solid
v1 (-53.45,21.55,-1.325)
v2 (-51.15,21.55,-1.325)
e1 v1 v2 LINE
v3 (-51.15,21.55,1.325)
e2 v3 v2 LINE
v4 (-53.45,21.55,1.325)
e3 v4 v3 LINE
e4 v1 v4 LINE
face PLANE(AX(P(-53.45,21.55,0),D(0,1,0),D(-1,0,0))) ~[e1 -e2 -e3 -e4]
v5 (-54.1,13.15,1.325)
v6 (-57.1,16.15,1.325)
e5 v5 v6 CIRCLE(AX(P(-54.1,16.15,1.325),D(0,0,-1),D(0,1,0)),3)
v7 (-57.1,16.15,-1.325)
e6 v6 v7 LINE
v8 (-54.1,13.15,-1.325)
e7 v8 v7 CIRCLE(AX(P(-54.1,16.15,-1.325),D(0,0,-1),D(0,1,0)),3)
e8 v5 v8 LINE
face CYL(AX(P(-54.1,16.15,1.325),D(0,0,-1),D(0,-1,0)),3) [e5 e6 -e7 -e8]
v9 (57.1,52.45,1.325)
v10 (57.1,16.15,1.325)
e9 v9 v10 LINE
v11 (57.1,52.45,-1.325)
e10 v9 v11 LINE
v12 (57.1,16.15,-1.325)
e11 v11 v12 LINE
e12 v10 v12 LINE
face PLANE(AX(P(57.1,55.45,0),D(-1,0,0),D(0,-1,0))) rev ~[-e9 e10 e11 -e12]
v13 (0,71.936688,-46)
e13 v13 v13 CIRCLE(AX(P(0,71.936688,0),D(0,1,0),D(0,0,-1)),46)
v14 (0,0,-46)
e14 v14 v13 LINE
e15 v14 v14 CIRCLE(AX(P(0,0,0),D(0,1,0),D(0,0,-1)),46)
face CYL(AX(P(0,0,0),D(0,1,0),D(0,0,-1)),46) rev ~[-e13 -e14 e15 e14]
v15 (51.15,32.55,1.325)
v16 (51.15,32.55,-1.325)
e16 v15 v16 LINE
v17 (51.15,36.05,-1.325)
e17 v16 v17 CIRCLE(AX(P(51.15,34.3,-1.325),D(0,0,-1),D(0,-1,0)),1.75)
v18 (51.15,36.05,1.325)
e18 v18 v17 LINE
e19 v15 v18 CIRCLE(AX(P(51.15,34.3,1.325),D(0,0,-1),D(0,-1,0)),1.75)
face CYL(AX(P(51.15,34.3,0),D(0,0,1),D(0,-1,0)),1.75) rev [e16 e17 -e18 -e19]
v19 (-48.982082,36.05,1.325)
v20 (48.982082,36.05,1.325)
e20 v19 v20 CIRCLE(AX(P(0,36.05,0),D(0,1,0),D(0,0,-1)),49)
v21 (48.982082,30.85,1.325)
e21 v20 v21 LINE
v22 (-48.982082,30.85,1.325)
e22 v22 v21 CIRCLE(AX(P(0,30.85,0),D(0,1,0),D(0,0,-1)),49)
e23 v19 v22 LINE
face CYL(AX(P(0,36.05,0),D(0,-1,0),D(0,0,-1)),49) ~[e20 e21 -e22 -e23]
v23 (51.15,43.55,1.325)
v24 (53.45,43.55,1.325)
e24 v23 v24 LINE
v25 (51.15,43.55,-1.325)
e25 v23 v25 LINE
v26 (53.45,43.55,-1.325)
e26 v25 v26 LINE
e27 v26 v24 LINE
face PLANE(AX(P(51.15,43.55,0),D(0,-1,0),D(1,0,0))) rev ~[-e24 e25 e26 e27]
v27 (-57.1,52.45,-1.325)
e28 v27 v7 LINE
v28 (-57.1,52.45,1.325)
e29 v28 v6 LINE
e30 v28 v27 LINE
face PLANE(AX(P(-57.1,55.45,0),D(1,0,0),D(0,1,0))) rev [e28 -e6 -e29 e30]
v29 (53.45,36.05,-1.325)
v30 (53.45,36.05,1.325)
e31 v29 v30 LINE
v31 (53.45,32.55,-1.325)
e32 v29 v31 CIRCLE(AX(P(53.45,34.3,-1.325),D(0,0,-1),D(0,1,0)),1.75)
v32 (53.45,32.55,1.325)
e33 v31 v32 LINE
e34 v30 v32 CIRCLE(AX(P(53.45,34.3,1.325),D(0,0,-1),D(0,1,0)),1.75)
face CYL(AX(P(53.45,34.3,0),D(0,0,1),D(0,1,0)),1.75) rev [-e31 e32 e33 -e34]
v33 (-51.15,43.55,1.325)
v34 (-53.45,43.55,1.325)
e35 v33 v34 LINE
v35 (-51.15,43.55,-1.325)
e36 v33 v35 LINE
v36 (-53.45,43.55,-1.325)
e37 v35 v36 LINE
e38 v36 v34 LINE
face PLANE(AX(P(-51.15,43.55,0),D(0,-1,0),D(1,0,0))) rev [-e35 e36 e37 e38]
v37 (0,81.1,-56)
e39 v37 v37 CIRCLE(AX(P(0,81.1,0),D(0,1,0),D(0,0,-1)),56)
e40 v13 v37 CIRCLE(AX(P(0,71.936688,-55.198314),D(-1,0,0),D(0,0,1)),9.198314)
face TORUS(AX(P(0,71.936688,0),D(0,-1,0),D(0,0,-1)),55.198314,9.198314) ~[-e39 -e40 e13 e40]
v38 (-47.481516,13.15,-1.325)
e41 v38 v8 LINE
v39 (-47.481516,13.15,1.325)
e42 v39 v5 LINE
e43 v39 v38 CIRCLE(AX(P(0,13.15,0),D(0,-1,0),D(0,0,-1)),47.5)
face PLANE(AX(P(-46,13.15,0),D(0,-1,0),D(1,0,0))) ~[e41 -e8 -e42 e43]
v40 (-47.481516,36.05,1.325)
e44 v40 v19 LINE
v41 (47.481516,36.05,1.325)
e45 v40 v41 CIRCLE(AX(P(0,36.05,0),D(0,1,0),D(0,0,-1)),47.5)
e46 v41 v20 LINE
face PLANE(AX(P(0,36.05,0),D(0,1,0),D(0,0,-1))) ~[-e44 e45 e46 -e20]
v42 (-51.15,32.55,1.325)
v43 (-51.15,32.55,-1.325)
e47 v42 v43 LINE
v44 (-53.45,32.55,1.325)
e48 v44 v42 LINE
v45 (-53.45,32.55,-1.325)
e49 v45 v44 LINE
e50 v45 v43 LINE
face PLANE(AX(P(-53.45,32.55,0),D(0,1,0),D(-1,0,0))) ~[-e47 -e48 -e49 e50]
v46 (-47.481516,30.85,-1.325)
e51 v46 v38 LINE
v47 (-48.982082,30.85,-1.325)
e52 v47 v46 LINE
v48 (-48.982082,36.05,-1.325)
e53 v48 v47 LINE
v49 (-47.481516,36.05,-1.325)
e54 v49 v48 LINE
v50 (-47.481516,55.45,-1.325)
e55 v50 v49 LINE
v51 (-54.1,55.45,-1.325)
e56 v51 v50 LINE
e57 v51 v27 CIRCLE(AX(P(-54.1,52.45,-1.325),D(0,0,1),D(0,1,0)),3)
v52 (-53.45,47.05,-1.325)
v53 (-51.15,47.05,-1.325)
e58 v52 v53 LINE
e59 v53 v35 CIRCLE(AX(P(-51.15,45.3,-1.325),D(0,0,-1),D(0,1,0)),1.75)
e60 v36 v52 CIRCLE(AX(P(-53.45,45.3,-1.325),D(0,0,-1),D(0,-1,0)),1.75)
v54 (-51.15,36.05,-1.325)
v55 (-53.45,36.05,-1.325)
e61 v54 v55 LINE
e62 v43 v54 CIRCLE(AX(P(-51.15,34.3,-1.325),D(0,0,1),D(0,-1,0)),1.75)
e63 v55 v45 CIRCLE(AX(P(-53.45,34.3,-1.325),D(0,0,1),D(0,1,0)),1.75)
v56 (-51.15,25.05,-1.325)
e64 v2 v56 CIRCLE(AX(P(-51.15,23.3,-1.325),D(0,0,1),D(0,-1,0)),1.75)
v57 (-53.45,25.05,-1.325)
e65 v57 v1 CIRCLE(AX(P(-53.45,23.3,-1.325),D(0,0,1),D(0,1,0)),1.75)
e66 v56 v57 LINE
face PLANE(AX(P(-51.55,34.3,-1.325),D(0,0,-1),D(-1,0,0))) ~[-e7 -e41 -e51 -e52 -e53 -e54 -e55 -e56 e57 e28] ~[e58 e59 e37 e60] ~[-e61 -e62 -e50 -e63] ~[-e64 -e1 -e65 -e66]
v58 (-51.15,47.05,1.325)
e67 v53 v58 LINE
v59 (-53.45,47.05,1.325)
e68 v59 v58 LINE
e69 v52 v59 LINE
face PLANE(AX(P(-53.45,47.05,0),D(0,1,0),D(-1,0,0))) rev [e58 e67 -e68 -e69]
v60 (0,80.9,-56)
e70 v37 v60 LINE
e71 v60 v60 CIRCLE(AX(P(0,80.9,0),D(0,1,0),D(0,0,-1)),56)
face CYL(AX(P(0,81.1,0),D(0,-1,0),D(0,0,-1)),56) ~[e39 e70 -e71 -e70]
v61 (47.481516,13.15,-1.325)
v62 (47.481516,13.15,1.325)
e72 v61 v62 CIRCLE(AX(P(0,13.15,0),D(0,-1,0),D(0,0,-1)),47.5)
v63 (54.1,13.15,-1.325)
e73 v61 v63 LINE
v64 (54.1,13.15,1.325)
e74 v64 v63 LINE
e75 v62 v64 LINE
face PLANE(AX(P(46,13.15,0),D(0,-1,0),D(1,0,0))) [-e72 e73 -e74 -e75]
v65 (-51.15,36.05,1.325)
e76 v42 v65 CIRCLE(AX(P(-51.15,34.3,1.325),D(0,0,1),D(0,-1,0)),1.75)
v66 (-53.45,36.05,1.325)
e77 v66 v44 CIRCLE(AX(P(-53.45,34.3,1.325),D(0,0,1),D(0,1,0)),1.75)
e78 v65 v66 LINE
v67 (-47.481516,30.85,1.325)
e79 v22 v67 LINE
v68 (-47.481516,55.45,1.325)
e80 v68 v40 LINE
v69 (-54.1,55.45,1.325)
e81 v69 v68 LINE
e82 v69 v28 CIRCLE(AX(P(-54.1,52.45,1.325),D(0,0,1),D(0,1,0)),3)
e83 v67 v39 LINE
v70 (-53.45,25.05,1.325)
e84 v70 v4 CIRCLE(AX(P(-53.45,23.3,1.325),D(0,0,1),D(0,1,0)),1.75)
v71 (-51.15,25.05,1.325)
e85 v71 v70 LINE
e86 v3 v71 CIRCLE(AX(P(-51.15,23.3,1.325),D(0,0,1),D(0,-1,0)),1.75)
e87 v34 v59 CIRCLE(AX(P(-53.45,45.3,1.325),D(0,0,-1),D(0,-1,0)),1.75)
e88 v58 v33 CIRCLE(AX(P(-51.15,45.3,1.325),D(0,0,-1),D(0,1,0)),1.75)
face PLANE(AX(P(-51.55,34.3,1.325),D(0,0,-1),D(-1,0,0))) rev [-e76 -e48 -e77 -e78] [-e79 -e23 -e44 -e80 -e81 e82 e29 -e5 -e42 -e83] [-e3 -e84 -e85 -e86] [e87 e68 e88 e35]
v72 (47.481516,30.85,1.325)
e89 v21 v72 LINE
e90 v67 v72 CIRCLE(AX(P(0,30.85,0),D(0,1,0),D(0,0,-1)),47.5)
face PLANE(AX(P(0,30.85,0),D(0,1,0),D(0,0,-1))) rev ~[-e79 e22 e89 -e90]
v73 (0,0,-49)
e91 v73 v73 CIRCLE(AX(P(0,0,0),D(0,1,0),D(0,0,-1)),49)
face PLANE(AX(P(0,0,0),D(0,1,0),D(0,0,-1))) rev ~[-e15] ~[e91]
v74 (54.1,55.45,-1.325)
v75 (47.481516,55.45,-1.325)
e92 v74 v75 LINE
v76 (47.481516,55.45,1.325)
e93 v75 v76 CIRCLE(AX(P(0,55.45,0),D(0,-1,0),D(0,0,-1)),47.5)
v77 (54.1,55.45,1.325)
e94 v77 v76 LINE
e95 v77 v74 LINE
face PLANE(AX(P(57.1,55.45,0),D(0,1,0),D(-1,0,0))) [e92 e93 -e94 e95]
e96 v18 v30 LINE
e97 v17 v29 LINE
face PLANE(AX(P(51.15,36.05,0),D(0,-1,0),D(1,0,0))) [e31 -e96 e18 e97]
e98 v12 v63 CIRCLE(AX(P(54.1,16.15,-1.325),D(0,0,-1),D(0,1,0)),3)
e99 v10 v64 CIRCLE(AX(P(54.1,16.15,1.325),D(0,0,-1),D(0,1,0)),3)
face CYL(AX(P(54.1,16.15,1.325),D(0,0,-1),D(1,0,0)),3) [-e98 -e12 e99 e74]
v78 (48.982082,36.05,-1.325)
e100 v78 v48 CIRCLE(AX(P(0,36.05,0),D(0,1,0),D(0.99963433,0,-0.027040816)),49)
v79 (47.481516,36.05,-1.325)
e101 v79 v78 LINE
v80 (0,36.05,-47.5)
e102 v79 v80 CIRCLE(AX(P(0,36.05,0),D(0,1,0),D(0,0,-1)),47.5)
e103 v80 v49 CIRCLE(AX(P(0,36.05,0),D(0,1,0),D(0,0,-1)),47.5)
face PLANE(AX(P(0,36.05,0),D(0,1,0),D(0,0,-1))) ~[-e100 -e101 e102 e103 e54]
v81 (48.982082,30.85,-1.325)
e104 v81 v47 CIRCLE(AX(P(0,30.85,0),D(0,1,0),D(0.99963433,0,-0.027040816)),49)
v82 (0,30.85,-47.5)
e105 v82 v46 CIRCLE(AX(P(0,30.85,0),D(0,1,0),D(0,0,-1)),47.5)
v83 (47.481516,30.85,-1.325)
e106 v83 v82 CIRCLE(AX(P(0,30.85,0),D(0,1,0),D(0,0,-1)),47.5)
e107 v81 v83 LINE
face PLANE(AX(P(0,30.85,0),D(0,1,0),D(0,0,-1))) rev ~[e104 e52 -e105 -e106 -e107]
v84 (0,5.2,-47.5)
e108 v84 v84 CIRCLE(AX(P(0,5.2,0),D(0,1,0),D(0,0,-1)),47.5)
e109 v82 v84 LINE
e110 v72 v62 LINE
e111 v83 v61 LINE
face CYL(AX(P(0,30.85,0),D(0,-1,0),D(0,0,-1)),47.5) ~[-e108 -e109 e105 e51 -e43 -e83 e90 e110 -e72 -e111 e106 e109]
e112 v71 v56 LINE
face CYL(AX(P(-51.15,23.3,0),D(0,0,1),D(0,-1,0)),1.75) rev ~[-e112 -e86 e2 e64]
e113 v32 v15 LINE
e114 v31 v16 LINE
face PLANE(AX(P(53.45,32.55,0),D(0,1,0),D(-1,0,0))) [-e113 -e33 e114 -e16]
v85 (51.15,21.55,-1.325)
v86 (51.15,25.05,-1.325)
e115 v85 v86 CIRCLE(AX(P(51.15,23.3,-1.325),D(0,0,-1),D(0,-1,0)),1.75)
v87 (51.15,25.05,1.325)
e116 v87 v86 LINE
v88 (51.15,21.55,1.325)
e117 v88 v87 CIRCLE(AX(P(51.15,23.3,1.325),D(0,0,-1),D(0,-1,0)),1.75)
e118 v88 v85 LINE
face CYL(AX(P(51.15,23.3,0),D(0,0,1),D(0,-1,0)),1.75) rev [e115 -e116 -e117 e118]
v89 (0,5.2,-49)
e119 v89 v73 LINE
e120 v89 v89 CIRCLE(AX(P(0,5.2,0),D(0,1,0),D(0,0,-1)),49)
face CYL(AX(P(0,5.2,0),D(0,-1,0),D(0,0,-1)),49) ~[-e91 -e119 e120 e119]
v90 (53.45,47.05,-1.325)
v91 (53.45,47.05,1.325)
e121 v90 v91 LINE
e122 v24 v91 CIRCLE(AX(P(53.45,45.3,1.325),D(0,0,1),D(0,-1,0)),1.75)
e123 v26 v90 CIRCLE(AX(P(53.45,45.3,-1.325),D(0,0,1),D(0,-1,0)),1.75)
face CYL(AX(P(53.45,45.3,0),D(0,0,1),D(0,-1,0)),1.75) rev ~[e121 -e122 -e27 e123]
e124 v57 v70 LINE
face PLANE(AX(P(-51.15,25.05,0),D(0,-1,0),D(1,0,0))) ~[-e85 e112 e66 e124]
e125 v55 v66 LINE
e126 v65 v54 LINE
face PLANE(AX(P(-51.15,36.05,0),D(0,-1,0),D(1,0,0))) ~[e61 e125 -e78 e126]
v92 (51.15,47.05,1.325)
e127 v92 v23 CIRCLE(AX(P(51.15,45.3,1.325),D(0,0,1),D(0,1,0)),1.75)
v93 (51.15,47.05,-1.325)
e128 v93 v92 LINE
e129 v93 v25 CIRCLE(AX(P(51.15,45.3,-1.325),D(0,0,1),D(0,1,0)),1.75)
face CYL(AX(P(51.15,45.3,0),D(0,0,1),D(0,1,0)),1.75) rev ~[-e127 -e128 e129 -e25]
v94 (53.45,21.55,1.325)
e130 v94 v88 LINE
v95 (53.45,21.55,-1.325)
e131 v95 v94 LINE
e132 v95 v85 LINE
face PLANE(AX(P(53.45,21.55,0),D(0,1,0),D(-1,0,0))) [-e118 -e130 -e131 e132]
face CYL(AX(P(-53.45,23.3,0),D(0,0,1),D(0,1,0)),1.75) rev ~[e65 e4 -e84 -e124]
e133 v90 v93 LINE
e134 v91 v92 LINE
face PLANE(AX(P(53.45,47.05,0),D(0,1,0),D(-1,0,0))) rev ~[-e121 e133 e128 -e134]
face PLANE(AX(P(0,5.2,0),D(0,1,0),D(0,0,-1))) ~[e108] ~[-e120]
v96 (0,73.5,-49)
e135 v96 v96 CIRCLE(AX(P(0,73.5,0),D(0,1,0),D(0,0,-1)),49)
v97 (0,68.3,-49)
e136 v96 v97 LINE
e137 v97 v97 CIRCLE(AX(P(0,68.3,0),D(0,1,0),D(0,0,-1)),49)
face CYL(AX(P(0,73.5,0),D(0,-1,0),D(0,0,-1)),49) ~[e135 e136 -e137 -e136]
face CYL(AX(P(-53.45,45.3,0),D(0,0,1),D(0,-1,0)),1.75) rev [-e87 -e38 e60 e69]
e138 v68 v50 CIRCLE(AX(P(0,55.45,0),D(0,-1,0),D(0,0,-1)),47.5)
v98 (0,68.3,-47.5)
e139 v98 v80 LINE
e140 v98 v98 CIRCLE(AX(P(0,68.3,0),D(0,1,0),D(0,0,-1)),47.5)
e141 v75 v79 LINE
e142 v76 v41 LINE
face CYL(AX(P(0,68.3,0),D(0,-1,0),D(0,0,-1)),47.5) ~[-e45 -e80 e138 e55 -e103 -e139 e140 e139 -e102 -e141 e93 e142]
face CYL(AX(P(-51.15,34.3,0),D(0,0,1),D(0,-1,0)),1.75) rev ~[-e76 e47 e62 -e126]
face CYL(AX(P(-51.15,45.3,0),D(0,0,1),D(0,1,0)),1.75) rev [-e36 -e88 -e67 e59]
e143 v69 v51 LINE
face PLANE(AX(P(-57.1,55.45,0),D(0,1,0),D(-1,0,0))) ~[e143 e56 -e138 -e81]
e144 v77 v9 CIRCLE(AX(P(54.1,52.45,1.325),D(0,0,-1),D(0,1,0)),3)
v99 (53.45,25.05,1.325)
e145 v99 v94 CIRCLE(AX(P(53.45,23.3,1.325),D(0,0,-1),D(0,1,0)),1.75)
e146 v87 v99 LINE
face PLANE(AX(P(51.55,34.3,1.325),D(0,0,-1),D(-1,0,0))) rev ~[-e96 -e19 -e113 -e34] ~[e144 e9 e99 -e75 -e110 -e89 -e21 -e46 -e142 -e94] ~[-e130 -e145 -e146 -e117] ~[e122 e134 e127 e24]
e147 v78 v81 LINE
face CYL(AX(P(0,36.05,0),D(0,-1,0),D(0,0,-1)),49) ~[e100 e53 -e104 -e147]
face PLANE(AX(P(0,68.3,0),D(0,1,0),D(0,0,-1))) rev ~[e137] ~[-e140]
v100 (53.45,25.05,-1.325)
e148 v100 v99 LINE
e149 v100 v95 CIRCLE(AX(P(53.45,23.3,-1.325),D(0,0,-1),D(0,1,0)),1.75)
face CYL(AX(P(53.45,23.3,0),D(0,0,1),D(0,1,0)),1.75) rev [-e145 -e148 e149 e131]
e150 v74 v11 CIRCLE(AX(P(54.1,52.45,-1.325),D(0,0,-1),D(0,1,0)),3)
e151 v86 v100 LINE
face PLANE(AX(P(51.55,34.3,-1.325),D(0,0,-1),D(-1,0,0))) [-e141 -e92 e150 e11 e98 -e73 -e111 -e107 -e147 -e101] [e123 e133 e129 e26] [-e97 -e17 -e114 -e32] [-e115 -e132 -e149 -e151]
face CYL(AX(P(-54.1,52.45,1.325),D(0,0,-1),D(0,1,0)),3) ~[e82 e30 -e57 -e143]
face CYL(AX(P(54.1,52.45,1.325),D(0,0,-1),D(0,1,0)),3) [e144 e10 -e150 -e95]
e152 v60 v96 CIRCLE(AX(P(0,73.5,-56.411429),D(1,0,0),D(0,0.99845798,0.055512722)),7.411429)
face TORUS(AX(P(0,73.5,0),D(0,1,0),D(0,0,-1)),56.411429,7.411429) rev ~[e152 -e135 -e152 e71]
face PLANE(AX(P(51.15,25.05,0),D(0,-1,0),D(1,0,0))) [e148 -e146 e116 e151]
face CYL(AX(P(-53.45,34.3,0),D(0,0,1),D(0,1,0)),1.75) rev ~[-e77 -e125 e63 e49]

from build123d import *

# Parameters (mm, degrees)
SKETCH3_W            = 11.1
SKETCH3_H            = 42.3
BOSS_EXTRUDE1_DEPTH  = 1.325
FILLET1_R            = 3
FILLET1_OF_MIRROR1_R = 3


with BuildPart() as part:
    # Sketch2 → Revolve1 (revolve)
    with BuildSketch(Plane.XY):
        with BuildLine():
            Line((46, 0), (46, 71.93668826))
            ThreePointArc((46, 71.93668826), (48.984023168, 78.718396784), (56, 81.1))
            Line((56, 81.1), (56, 80.9))
            ThreePointArc((56, 80.9), (51.02725979, 78.593132631), (49, 73.5))
            Line((49, 73.5), (49, 68.3))
            Line((49, 68.3), (47.5, 68.3))
            Line((47.5, 68.3), (47.5, 36.05))
            Line((47.5, 36.05), (49, 36.05))
            Line((49, 36.05), (49, 30.85))
            Line((49, 30.85), (47.5, 30.85))
            Line((47.5, 30.85), (47.5, 5.2))
            Line((47.5, 5.2), (49, 5.2))
            Line((49, 5.2), (49, 0))
            Line((49, 0), (46, 0))
        make_face()
    revolve(axis=Axis((0, 0, 0), (0, 1, 0)))

    # Sketch3 → Boss-Extrude1 (add, symmetric)
    with BuildSketch(Plane.XY):
        with Locations((51.55, 34.3)):
            Rectangle(SKETCH3_W, SKETCH3_H)
        with BuildLine():
            ThreePointArc((51.15, 21.55), (49.4, 23.3), (51.15, 25.05))
            Line((51.15, 25.05), (53.45, 25.05))
            ThreePointArc((53.45, 25.05), (55.2, 23.3), (53.45, 21.55))
            Line((53.45, 21.55), (51.15, 21.55))
        make_face(mode=Mode.SUBTRACT)
        with BuildLine():
            ThreePointArc((51.15, 32.55), (49.4, 34.3), (51.15, 36.05))
            Line((51.15, 36.05), (53.45, 36.05))
            ThreePointArc((53.45, 36.05), (55.2, 34.3), (53.45, 32.55))
            Line((53.45, 32.55), (51.15, 32.55))
        make_face(mode=Mode.SUBTRACT)
        with BuildLine():
            Line((53.45, 43.55), (51.15, 43.55))
            ThreePointArc((51.15, 43.55), (49.4, 45.3), (51.15, 47.05))
            Line((51.15, 47.05), (53.45, 47.05))
            ThreePointArc((53.45, 47.05), (55.2, 45.3), (53.45, 43.55))
        make_face(mode=Mode.SUBTRACT)
    boss_extrude1 = extrude(amount=BOSS_EXTRUDE1_DEPTH, both=True)

    # Fillet1
    fillet1_edges = [part.edges().sort_by_distance(p)[0] for p in [
        (57.1, 13.15, 0),
        (57.1, 55.45, 0),
    ]]
    fillet(fillet1_edges, radius=FILLET1_R)

    # Mirror1: Boss-Extrude1 across plane
    add(boss_extrude1.mirror(Plane(origin=(0, 0, 0), x_dir=(0, 0, 1), z_dir=(1, 0, 0))))

    # Fillet1 of Mirror1
    fillet1_of_mirror1_edges = [part.edges().sort_by_distance(p)[0] for p in [
        (-57.1, 13.15, 0),
        (-57.1, 55.45, 0),
    ]]
    fillet(fillet1_of_mirror1_edges, radius=FILLET1_OF_MIRROR1_R)


solid = part.part
